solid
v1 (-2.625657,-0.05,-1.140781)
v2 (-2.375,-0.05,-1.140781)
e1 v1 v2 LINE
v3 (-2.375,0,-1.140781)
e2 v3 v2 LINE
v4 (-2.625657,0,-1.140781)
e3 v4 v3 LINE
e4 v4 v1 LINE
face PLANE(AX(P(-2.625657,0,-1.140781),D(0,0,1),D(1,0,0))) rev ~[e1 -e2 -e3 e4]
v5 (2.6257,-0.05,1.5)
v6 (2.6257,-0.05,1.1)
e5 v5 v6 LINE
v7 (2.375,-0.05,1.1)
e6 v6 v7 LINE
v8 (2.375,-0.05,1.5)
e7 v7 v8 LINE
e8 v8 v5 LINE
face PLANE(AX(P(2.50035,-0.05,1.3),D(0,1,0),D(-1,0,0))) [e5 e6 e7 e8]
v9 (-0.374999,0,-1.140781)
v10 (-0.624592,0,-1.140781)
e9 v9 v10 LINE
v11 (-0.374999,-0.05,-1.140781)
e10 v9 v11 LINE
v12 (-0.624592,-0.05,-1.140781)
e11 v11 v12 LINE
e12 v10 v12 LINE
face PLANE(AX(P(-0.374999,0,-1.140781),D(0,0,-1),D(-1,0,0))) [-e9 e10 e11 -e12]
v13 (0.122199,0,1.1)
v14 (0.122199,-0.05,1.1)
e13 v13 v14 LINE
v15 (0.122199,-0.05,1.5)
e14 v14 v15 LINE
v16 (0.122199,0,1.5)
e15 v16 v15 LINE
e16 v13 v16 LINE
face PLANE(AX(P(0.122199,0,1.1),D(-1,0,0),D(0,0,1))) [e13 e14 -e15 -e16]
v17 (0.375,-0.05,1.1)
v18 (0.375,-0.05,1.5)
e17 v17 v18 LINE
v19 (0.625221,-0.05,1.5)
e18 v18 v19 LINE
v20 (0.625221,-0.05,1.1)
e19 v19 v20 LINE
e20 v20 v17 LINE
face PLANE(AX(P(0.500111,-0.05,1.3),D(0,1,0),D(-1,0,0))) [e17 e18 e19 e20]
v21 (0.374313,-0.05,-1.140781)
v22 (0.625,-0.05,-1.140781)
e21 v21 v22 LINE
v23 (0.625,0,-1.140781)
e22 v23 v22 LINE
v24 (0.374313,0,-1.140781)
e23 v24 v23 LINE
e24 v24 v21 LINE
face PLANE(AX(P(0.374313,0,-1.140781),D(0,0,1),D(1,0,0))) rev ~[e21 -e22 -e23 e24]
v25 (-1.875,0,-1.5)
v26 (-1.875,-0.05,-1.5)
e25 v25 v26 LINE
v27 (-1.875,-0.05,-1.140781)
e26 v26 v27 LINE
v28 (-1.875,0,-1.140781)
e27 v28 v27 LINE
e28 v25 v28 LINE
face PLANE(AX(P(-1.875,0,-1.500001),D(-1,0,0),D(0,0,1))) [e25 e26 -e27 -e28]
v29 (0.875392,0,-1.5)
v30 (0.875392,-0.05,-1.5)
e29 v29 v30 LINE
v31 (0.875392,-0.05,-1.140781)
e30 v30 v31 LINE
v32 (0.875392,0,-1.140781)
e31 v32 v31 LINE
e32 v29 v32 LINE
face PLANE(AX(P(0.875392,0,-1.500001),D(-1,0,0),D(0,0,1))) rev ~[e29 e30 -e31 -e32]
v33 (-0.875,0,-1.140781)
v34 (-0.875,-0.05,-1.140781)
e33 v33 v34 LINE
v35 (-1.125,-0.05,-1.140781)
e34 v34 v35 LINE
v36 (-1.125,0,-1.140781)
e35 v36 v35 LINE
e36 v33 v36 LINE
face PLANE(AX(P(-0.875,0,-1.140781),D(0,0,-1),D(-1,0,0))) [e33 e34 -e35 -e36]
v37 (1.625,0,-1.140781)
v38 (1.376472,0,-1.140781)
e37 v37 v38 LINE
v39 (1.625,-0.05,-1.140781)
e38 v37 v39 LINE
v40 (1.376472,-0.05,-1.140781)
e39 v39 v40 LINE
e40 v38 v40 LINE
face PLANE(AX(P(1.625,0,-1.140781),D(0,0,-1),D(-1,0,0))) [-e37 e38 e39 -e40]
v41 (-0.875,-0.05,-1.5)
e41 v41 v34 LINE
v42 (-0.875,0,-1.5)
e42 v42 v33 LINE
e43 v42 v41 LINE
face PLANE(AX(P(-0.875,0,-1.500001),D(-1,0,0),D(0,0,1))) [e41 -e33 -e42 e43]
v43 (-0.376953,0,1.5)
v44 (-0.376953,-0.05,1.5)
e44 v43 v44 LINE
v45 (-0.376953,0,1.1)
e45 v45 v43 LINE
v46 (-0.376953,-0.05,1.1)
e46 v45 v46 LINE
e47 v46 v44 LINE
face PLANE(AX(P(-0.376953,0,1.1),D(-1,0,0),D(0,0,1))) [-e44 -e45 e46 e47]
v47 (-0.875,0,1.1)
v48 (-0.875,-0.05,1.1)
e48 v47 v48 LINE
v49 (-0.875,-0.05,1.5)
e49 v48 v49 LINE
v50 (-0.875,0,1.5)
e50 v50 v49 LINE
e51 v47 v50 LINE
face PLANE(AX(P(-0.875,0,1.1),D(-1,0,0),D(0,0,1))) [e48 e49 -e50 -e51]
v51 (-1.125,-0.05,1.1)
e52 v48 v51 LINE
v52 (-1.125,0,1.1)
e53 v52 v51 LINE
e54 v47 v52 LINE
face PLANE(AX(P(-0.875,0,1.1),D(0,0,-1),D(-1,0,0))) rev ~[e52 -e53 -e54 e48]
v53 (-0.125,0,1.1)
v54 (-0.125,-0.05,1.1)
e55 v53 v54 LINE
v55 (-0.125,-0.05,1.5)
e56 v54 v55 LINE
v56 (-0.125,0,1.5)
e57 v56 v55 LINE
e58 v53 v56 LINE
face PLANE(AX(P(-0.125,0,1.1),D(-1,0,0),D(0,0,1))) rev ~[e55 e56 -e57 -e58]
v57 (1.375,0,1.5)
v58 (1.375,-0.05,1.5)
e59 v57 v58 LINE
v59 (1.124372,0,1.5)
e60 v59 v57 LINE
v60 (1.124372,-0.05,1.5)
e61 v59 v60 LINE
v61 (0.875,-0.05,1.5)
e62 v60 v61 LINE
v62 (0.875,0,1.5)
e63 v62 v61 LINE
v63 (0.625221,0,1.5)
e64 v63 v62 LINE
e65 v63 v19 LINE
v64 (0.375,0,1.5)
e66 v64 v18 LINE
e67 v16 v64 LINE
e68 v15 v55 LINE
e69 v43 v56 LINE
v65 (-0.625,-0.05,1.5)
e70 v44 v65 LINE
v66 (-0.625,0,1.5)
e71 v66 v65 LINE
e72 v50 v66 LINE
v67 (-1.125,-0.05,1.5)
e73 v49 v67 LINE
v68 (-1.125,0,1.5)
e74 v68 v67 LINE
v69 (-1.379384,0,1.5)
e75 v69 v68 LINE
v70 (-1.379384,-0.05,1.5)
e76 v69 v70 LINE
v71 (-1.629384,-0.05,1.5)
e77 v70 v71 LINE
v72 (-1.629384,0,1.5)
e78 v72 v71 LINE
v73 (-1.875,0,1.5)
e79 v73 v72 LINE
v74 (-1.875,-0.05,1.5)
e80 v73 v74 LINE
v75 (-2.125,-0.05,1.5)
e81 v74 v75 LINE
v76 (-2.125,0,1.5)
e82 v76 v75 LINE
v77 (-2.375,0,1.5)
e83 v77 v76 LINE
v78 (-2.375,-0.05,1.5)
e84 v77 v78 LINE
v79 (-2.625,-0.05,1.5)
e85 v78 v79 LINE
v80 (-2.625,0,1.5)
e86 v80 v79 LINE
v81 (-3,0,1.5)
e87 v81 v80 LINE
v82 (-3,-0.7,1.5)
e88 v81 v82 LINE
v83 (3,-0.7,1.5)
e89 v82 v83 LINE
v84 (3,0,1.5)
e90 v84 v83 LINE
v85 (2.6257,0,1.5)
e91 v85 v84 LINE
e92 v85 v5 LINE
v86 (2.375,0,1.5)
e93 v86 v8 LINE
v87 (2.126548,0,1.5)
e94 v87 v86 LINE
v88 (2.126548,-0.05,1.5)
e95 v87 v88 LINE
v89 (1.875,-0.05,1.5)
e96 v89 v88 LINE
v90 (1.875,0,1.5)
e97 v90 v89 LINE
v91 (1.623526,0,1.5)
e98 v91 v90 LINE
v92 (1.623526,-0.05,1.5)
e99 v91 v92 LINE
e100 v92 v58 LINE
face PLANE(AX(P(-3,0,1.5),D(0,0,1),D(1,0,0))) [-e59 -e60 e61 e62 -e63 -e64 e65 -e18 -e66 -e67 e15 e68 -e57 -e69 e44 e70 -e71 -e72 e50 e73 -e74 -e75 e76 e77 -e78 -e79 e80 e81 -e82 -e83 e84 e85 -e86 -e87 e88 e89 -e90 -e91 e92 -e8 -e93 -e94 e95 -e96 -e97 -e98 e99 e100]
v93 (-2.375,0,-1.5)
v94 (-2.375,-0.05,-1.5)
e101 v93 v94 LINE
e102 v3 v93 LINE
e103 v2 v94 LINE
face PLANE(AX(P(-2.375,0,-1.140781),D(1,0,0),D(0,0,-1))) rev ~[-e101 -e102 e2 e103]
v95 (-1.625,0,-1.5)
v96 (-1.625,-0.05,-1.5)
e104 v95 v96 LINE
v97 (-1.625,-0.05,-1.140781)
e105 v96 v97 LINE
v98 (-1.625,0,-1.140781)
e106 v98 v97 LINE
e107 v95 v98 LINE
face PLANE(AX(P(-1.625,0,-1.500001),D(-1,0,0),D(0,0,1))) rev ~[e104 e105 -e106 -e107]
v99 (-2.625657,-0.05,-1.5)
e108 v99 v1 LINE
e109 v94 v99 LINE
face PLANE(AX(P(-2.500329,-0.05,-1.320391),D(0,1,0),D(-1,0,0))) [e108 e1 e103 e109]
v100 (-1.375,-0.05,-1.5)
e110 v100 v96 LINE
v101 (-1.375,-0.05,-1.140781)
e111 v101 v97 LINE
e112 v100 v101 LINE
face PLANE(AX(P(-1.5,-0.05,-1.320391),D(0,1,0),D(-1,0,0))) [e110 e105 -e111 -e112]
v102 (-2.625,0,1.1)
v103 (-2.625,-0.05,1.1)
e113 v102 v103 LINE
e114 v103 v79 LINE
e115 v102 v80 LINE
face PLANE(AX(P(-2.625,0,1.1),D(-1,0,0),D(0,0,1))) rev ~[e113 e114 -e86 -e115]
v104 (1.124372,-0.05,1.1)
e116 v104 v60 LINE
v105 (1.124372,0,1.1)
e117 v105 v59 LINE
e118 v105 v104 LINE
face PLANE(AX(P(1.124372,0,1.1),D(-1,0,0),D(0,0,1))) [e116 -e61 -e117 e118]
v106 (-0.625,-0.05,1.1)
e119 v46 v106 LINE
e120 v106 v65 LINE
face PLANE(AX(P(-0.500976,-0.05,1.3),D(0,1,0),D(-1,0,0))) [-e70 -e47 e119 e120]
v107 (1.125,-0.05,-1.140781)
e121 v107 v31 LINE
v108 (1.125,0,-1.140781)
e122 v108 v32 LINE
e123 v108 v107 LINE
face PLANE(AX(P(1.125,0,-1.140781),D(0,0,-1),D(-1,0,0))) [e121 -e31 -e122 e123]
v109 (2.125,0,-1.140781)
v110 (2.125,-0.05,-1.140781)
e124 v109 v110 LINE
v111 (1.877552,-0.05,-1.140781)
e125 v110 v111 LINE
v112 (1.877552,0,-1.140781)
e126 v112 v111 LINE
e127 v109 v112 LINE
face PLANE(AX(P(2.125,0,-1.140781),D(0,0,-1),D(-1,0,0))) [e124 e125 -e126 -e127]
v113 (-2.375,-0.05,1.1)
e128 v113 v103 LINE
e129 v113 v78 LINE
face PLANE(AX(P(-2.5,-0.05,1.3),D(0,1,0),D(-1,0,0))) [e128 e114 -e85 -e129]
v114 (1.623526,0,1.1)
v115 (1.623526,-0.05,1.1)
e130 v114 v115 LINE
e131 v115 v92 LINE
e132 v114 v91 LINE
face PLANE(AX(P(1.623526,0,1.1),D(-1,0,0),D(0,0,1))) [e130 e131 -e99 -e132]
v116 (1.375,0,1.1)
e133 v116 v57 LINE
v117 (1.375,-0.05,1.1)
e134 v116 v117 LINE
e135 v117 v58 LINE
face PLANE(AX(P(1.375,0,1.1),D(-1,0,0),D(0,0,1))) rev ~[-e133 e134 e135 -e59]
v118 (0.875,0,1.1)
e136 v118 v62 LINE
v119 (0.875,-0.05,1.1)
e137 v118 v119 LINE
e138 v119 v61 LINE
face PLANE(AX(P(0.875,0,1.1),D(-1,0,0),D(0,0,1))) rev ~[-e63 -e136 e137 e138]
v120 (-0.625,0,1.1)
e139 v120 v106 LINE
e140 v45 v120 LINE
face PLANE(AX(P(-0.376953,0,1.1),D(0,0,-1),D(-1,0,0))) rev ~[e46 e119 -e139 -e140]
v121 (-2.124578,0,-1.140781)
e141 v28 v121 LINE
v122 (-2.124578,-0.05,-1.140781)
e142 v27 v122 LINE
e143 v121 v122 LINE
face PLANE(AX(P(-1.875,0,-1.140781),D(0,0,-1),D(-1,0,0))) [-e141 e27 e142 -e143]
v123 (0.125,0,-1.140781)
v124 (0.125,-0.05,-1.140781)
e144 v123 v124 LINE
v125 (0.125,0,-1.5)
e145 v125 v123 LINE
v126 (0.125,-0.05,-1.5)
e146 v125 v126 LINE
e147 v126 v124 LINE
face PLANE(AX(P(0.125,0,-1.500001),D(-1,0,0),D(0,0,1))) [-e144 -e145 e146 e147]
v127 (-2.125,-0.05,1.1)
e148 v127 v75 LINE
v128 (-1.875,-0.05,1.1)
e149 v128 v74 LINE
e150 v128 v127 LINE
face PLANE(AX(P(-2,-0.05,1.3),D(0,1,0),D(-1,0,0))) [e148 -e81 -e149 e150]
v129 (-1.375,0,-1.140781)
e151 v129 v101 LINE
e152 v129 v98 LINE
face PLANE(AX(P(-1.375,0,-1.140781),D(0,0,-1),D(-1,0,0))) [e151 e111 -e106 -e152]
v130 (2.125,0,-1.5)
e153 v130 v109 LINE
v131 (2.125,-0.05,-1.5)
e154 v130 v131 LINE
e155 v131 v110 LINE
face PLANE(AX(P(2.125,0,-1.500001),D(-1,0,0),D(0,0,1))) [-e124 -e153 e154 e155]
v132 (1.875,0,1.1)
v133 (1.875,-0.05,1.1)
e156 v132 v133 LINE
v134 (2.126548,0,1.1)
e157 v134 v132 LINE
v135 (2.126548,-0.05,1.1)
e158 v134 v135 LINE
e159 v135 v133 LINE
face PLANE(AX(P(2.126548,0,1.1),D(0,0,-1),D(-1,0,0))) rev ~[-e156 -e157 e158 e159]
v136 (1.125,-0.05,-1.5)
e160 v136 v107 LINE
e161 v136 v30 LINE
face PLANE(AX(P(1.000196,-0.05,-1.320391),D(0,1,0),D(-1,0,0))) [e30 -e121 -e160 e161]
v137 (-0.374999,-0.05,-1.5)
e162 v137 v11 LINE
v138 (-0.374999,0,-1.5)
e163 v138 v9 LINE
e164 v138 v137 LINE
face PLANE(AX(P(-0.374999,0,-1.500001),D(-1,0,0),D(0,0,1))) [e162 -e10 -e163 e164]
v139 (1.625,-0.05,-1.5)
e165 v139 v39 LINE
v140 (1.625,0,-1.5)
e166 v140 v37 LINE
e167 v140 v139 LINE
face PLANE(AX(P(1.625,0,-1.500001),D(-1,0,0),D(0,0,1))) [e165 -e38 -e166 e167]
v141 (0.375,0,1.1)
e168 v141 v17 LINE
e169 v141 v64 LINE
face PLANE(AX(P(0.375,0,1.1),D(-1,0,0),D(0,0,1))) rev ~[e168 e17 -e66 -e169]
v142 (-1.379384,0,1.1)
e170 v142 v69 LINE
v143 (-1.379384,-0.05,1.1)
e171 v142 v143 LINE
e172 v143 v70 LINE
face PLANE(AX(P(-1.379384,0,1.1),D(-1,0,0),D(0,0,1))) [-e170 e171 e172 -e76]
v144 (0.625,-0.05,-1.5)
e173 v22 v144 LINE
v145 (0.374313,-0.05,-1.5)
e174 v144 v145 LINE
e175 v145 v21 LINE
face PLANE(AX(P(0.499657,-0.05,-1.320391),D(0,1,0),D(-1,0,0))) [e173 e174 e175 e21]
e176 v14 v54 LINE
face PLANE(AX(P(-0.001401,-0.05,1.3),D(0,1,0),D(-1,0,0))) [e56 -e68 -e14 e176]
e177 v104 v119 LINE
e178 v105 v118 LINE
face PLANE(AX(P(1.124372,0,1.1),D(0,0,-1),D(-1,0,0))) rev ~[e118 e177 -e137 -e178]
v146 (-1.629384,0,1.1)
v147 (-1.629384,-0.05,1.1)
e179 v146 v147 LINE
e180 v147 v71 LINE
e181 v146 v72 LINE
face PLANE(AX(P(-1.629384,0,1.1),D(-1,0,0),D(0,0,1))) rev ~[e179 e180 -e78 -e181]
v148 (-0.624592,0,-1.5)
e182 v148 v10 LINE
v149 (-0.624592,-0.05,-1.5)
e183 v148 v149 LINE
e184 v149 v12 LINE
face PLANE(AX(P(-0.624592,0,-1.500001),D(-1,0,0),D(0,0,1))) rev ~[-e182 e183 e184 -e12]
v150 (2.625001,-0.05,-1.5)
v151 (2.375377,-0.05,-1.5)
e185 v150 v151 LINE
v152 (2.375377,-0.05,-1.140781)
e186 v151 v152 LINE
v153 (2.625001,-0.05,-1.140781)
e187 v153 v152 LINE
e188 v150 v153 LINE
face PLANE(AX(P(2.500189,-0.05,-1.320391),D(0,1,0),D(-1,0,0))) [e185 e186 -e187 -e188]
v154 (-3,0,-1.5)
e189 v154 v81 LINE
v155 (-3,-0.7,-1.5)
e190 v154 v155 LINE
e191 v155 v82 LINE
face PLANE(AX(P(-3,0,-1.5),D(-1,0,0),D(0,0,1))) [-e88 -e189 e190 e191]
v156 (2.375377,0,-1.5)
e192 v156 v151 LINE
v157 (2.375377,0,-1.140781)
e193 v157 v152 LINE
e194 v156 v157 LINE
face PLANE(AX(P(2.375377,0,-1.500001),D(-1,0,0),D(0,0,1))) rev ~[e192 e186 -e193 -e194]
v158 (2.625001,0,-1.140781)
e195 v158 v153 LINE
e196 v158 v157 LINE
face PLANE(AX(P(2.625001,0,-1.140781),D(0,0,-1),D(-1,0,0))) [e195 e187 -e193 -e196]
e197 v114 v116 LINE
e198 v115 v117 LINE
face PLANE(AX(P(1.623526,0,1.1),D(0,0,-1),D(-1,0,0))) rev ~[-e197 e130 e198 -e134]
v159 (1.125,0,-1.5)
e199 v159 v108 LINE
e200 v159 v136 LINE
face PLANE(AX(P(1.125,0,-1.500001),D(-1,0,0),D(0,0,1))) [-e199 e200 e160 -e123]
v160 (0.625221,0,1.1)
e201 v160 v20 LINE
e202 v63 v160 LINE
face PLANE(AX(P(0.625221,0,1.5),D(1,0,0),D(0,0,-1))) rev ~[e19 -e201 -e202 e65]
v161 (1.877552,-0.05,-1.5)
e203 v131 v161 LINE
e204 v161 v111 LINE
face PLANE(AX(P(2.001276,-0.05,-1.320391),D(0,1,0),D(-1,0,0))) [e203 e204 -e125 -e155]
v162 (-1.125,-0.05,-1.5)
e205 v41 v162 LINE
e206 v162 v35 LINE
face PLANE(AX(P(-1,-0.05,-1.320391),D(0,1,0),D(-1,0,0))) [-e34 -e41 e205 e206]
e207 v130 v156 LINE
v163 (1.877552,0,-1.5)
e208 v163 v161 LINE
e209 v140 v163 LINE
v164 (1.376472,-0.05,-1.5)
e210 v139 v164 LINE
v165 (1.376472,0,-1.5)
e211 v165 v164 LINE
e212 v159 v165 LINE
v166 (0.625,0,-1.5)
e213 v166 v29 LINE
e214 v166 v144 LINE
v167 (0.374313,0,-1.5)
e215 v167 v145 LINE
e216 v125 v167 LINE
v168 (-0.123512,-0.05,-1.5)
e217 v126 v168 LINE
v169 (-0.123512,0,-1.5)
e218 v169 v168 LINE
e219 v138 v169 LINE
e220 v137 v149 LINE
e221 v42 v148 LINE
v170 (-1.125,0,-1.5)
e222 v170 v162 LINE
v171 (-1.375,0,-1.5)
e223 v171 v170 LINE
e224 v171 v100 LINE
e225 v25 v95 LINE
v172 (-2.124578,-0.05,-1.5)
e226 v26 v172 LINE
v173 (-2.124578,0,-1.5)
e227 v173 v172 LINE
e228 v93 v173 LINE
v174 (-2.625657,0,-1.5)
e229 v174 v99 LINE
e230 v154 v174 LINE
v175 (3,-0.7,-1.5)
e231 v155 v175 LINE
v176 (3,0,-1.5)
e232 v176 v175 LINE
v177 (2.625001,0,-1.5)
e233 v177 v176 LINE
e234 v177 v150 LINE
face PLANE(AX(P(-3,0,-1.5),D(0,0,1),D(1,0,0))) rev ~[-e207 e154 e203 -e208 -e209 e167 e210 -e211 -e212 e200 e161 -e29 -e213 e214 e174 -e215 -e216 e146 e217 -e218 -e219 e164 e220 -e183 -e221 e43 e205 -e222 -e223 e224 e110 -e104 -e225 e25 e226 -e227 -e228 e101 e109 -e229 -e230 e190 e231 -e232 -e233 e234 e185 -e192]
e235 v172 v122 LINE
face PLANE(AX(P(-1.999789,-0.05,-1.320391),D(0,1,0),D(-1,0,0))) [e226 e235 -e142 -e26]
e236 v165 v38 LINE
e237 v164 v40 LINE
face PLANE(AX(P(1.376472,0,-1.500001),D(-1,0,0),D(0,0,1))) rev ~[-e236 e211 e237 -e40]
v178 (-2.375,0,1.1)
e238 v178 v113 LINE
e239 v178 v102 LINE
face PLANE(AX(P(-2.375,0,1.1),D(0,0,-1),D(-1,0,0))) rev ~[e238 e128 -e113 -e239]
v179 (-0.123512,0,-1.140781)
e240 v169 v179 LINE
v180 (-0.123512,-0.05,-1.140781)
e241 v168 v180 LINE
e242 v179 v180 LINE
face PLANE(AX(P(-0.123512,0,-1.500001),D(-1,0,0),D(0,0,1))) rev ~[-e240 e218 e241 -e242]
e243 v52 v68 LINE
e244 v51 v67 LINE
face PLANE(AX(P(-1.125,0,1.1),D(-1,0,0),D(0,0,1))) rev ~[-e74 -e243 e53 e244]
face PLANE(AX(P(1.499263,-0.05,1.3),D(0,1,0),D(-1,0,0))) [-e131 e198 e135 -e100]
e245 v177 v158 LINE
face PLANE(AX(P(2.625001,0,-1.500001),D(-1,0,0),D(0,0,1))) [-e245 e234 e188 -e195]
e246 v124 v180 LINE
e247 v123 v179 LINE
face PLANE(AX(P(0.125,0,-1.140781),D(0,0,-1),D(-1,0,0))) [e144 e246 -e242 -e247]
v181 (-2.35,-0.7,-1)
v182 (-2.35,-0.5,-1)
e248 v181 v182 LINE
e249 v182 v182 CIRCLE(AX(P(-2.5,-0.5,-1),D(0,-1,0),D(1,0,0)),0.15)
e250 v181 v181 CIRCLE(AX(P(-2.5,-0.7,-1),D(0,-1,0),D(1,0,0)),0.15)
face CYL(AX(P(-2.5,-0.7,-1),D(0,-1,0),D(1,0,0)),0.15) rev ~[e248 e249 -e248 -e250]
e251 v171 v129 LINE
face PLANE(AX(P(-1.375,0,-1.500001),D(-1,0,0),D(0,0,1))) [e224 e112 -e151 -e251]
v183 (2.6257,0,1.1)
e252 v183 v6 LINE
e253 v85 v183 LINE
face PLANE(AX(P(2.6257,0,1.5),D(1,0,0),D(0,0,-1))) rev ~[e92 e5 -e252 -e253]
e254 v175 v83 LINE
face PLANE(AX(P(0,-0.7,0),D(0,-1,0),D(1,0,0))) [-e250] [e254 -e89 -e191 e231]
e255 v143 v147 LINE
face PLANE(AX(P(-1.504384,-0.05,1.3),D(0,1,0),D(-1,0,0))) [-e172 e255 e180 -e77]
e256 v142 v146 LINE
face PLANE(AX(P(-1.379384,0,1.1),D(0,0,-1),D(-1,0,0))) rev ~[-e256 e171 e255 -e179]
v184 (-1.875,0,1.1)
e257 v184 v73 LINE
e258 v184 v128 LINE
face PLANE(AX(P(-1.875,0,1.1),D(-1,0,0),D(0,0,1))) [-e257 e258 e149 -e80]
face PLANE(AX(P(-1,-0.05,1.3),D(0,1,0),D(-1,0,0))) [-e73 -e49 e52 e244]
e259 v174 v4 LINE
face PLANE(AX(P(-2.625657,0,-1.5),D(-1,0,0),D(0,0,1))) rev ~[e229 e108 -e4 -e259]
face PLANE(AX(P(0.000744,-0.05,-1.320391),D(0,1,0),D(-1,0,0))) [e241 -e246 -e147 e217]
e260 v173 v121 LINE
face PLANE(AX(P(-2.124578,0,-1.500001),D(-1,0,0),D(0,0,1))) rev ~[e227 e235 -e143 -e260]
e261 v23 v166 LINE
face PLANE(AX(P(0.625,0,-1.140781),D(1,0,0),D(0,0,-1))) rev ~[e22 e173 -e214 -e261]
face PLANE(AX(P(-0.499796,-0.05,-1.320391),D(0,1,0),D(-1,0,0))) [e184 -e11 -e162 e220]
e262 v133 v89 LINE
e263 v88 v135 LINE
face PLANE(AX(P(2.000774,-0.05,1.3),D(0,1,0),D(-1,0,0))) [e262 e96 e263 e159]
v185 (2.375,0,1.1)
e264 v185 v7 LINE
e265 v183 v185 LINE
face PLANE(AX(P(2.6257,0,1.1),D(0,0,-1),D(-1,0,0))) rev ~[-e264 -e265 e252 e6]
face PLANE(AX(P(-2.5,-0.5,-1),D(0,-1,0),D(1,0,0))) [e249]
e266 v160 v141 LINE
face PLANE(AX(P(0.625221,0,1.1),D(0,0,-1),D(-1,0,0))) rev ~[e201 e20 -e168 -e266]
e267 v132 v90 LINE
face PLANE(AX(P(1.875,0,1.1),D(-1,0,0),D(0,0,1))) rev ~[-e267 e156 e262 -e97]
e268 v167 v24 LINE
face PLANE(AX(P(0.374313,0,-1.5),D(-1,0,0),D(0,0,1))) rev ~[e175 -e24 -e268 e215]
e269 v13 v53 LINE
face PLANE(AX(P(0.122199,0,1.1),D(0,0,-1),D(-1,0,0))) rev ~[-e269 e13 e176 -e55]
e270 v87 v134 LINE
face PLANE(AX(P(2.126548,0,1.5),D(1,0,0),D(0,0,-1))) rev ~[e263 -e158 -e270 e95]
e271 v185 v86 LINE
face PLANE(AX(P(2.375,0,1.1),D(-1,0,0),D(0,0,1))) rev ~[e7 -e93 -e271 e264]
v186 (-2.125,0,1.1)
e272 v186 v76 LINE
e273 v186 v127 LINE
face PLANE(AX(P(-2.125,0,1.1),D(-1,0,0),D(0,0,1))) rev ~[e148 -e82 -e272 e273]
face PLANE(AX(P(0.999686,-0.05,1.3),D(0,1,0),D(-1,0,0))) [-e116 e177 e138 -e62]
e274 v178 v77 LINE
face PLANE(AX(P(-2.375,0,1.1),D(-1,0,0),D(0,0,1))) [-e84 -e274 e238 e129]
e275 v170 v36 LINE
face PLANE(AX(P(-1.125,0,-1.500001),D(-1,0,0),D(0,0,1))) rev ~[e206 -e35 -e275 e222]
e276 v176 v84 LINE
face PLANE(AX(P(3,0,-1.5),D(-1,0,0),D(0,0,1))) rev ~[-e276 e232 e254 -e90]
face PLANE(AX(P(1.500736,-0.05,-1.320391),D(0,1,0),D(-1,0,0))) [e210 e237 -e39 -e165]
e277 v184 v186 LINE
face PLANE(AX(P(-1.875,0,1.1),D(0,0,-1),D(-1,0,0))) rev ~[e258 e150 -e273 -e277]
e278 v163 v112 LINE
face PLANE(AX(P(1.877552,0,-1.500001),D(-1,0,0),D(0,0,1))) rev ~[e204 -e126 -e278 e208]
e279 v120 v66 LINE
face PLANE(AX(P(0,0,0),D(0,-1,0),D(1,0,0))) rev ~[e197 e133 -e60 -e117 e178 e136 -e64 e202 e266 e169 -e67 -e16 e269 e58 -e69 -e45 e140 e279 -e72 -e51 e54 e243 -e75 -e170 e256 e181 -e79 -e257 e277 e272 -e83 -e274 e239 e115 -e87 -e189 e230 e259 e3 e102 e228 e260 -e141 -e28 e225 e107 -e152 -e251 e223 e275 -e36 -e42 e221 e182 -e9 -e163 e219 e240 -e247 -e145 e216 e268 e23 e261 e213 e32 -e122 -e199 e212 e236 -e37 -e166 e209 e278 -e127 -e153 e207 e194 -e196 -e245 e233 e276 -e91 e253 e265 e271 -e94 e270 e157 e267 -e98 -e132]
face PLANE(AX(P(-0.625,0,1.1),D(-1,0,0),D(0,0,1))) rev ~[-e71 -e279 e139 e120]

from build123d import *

# Parameters (mm, degrees)
F0_W     = 6
F0_H     = 3
F1_DEPTH = 0.7
F2_R     = 0.15
F3_DEPTH = 0.2
F4_W     = 0.249578
F4_H     = 0.359219
F4_W_2   = 0.25
F4_W_3   = 0.249593
F4_W_4   = 0.248513
F4_W_5   = 0.249608
F4_W_6   = 0.248528
F4_W_7   = 0.247448
F4_W_8   = 0.249623
F4_W_9   = 0.248526
F4_H_2   = 0.4
F4_W_10  = 0.249373
F4_W_11  = 0.247199
F4_W_12  = 0.248047
F5_DEPTH = 0.05


with BuildPart() as f1:
    # F0 (on Front) → F1 (new body)
    with BuildSketch(Plane.XZ):
        Rectangle(F0_W, F0_H)
    extrude(amount=F1_DEPTH)

    # F2 (on face) → F3 (cut)
    with BuildSketch(Plane.XZ.offset(0.7)):
        with Locations((-2.5, -1)):
            Circle(F2_R)
    extrude(amount=-F3_DEPTH, mode=Mode.SUBTRACT)

    # F4 (on face) → F5 (cut)
    with BuildSketch(Plane(origin=(0, 0, 0), x_dir=(-1, 0, 0), z_dir=(0, 1, 0))):
        Polygon((2.375, -1.5), (2.625657, -1.5), (2.625657, -1.140781), (2.625, -1.140781), (2.375, -1.140781), align=None)
        with Locations((1.999789, -1.320391)):
            Rectangle(F4_W, F4_H)
        with Locations((1.5, -1.320391)):
            Rectangle(F4_W_2, F4_H)
        with Locations((1, -1.320391)):
            Rectangle(F4_W_2, F4_H)
        with Locations((0.499796, -1.320391)):
            Rectangle(F4_W_3, F4_H)
        with Locations((-0.000744, -1.320391)):
            Rectangle(F4_W_4, F4_H)
        Polygon((-0.625, -1.5), (-0.374313, -1.5), (-0.374313, -1.140781), (-0.375, -1.140781), (-0.625, -1.140781), align=None)
        with Locations((-1.000196, -1.320391)):
            Rectangle(F4_W_5, F4_H)
        with Locations((-1.500736, -1.320391)):
            Rectangle(F4_W_6, F4_H)
        with Locations((-2.001276, -1.320391)):
            Rectangle(F4_W_7, F4_H)
        with Locations((-2.500189, -1.320391)):
            Rectangle(F4_W_8, F4_H)
        Polygon((-2.375, 1.1), (-2.375, 1.5), (-2.6257, 1.5), (-2.6257, 1.1), (-2.625, 1.1), align=None)
        Polygon((-1.875, 1.1), (-1.875, 1.5), (-2.126548, 1.5), (-2.126548, 1.1), (-2.125, 1.1), align=None)
        with Locations((-1.499263, 1.3)):
            Rectangle(F4_W_9, F4_H_2)
        with Locations((-0.999686, 1.3)):
            Rectangle(F4_W_10, F4_H_2)
        Polygon((-0.375, 1.1), (-0.375, 1.5), (-0.625221, 1.5), (-0.625221, 1.1), (-0.625, 1.1), align=None)
        with Locations((0.001401, 1.3)):
            Rectangle(F4_W_11, F4_H_2)
        with Locations((0.500976, 1.3)):
            Rectangle(F4_W_12, F4_H_2)
        with Locations((1, 1.3)):
            Rectangle(F4_W_2, F4_H_2)
        with Locations((1.504384, 1.3)):
            Rectangle(F4_W_2, F4_H_2)
        with Locations((2, 1.3)):
            Rectangle(F4_W_2, F4_H_2)
        with Locations((2.5, 1.3)):
            Rectangle(F4_W_2, F4_H_2)
    extrude(amount=-F5_DEPTH, mode=Mode.SUBTRACT)


solid = f1.part
